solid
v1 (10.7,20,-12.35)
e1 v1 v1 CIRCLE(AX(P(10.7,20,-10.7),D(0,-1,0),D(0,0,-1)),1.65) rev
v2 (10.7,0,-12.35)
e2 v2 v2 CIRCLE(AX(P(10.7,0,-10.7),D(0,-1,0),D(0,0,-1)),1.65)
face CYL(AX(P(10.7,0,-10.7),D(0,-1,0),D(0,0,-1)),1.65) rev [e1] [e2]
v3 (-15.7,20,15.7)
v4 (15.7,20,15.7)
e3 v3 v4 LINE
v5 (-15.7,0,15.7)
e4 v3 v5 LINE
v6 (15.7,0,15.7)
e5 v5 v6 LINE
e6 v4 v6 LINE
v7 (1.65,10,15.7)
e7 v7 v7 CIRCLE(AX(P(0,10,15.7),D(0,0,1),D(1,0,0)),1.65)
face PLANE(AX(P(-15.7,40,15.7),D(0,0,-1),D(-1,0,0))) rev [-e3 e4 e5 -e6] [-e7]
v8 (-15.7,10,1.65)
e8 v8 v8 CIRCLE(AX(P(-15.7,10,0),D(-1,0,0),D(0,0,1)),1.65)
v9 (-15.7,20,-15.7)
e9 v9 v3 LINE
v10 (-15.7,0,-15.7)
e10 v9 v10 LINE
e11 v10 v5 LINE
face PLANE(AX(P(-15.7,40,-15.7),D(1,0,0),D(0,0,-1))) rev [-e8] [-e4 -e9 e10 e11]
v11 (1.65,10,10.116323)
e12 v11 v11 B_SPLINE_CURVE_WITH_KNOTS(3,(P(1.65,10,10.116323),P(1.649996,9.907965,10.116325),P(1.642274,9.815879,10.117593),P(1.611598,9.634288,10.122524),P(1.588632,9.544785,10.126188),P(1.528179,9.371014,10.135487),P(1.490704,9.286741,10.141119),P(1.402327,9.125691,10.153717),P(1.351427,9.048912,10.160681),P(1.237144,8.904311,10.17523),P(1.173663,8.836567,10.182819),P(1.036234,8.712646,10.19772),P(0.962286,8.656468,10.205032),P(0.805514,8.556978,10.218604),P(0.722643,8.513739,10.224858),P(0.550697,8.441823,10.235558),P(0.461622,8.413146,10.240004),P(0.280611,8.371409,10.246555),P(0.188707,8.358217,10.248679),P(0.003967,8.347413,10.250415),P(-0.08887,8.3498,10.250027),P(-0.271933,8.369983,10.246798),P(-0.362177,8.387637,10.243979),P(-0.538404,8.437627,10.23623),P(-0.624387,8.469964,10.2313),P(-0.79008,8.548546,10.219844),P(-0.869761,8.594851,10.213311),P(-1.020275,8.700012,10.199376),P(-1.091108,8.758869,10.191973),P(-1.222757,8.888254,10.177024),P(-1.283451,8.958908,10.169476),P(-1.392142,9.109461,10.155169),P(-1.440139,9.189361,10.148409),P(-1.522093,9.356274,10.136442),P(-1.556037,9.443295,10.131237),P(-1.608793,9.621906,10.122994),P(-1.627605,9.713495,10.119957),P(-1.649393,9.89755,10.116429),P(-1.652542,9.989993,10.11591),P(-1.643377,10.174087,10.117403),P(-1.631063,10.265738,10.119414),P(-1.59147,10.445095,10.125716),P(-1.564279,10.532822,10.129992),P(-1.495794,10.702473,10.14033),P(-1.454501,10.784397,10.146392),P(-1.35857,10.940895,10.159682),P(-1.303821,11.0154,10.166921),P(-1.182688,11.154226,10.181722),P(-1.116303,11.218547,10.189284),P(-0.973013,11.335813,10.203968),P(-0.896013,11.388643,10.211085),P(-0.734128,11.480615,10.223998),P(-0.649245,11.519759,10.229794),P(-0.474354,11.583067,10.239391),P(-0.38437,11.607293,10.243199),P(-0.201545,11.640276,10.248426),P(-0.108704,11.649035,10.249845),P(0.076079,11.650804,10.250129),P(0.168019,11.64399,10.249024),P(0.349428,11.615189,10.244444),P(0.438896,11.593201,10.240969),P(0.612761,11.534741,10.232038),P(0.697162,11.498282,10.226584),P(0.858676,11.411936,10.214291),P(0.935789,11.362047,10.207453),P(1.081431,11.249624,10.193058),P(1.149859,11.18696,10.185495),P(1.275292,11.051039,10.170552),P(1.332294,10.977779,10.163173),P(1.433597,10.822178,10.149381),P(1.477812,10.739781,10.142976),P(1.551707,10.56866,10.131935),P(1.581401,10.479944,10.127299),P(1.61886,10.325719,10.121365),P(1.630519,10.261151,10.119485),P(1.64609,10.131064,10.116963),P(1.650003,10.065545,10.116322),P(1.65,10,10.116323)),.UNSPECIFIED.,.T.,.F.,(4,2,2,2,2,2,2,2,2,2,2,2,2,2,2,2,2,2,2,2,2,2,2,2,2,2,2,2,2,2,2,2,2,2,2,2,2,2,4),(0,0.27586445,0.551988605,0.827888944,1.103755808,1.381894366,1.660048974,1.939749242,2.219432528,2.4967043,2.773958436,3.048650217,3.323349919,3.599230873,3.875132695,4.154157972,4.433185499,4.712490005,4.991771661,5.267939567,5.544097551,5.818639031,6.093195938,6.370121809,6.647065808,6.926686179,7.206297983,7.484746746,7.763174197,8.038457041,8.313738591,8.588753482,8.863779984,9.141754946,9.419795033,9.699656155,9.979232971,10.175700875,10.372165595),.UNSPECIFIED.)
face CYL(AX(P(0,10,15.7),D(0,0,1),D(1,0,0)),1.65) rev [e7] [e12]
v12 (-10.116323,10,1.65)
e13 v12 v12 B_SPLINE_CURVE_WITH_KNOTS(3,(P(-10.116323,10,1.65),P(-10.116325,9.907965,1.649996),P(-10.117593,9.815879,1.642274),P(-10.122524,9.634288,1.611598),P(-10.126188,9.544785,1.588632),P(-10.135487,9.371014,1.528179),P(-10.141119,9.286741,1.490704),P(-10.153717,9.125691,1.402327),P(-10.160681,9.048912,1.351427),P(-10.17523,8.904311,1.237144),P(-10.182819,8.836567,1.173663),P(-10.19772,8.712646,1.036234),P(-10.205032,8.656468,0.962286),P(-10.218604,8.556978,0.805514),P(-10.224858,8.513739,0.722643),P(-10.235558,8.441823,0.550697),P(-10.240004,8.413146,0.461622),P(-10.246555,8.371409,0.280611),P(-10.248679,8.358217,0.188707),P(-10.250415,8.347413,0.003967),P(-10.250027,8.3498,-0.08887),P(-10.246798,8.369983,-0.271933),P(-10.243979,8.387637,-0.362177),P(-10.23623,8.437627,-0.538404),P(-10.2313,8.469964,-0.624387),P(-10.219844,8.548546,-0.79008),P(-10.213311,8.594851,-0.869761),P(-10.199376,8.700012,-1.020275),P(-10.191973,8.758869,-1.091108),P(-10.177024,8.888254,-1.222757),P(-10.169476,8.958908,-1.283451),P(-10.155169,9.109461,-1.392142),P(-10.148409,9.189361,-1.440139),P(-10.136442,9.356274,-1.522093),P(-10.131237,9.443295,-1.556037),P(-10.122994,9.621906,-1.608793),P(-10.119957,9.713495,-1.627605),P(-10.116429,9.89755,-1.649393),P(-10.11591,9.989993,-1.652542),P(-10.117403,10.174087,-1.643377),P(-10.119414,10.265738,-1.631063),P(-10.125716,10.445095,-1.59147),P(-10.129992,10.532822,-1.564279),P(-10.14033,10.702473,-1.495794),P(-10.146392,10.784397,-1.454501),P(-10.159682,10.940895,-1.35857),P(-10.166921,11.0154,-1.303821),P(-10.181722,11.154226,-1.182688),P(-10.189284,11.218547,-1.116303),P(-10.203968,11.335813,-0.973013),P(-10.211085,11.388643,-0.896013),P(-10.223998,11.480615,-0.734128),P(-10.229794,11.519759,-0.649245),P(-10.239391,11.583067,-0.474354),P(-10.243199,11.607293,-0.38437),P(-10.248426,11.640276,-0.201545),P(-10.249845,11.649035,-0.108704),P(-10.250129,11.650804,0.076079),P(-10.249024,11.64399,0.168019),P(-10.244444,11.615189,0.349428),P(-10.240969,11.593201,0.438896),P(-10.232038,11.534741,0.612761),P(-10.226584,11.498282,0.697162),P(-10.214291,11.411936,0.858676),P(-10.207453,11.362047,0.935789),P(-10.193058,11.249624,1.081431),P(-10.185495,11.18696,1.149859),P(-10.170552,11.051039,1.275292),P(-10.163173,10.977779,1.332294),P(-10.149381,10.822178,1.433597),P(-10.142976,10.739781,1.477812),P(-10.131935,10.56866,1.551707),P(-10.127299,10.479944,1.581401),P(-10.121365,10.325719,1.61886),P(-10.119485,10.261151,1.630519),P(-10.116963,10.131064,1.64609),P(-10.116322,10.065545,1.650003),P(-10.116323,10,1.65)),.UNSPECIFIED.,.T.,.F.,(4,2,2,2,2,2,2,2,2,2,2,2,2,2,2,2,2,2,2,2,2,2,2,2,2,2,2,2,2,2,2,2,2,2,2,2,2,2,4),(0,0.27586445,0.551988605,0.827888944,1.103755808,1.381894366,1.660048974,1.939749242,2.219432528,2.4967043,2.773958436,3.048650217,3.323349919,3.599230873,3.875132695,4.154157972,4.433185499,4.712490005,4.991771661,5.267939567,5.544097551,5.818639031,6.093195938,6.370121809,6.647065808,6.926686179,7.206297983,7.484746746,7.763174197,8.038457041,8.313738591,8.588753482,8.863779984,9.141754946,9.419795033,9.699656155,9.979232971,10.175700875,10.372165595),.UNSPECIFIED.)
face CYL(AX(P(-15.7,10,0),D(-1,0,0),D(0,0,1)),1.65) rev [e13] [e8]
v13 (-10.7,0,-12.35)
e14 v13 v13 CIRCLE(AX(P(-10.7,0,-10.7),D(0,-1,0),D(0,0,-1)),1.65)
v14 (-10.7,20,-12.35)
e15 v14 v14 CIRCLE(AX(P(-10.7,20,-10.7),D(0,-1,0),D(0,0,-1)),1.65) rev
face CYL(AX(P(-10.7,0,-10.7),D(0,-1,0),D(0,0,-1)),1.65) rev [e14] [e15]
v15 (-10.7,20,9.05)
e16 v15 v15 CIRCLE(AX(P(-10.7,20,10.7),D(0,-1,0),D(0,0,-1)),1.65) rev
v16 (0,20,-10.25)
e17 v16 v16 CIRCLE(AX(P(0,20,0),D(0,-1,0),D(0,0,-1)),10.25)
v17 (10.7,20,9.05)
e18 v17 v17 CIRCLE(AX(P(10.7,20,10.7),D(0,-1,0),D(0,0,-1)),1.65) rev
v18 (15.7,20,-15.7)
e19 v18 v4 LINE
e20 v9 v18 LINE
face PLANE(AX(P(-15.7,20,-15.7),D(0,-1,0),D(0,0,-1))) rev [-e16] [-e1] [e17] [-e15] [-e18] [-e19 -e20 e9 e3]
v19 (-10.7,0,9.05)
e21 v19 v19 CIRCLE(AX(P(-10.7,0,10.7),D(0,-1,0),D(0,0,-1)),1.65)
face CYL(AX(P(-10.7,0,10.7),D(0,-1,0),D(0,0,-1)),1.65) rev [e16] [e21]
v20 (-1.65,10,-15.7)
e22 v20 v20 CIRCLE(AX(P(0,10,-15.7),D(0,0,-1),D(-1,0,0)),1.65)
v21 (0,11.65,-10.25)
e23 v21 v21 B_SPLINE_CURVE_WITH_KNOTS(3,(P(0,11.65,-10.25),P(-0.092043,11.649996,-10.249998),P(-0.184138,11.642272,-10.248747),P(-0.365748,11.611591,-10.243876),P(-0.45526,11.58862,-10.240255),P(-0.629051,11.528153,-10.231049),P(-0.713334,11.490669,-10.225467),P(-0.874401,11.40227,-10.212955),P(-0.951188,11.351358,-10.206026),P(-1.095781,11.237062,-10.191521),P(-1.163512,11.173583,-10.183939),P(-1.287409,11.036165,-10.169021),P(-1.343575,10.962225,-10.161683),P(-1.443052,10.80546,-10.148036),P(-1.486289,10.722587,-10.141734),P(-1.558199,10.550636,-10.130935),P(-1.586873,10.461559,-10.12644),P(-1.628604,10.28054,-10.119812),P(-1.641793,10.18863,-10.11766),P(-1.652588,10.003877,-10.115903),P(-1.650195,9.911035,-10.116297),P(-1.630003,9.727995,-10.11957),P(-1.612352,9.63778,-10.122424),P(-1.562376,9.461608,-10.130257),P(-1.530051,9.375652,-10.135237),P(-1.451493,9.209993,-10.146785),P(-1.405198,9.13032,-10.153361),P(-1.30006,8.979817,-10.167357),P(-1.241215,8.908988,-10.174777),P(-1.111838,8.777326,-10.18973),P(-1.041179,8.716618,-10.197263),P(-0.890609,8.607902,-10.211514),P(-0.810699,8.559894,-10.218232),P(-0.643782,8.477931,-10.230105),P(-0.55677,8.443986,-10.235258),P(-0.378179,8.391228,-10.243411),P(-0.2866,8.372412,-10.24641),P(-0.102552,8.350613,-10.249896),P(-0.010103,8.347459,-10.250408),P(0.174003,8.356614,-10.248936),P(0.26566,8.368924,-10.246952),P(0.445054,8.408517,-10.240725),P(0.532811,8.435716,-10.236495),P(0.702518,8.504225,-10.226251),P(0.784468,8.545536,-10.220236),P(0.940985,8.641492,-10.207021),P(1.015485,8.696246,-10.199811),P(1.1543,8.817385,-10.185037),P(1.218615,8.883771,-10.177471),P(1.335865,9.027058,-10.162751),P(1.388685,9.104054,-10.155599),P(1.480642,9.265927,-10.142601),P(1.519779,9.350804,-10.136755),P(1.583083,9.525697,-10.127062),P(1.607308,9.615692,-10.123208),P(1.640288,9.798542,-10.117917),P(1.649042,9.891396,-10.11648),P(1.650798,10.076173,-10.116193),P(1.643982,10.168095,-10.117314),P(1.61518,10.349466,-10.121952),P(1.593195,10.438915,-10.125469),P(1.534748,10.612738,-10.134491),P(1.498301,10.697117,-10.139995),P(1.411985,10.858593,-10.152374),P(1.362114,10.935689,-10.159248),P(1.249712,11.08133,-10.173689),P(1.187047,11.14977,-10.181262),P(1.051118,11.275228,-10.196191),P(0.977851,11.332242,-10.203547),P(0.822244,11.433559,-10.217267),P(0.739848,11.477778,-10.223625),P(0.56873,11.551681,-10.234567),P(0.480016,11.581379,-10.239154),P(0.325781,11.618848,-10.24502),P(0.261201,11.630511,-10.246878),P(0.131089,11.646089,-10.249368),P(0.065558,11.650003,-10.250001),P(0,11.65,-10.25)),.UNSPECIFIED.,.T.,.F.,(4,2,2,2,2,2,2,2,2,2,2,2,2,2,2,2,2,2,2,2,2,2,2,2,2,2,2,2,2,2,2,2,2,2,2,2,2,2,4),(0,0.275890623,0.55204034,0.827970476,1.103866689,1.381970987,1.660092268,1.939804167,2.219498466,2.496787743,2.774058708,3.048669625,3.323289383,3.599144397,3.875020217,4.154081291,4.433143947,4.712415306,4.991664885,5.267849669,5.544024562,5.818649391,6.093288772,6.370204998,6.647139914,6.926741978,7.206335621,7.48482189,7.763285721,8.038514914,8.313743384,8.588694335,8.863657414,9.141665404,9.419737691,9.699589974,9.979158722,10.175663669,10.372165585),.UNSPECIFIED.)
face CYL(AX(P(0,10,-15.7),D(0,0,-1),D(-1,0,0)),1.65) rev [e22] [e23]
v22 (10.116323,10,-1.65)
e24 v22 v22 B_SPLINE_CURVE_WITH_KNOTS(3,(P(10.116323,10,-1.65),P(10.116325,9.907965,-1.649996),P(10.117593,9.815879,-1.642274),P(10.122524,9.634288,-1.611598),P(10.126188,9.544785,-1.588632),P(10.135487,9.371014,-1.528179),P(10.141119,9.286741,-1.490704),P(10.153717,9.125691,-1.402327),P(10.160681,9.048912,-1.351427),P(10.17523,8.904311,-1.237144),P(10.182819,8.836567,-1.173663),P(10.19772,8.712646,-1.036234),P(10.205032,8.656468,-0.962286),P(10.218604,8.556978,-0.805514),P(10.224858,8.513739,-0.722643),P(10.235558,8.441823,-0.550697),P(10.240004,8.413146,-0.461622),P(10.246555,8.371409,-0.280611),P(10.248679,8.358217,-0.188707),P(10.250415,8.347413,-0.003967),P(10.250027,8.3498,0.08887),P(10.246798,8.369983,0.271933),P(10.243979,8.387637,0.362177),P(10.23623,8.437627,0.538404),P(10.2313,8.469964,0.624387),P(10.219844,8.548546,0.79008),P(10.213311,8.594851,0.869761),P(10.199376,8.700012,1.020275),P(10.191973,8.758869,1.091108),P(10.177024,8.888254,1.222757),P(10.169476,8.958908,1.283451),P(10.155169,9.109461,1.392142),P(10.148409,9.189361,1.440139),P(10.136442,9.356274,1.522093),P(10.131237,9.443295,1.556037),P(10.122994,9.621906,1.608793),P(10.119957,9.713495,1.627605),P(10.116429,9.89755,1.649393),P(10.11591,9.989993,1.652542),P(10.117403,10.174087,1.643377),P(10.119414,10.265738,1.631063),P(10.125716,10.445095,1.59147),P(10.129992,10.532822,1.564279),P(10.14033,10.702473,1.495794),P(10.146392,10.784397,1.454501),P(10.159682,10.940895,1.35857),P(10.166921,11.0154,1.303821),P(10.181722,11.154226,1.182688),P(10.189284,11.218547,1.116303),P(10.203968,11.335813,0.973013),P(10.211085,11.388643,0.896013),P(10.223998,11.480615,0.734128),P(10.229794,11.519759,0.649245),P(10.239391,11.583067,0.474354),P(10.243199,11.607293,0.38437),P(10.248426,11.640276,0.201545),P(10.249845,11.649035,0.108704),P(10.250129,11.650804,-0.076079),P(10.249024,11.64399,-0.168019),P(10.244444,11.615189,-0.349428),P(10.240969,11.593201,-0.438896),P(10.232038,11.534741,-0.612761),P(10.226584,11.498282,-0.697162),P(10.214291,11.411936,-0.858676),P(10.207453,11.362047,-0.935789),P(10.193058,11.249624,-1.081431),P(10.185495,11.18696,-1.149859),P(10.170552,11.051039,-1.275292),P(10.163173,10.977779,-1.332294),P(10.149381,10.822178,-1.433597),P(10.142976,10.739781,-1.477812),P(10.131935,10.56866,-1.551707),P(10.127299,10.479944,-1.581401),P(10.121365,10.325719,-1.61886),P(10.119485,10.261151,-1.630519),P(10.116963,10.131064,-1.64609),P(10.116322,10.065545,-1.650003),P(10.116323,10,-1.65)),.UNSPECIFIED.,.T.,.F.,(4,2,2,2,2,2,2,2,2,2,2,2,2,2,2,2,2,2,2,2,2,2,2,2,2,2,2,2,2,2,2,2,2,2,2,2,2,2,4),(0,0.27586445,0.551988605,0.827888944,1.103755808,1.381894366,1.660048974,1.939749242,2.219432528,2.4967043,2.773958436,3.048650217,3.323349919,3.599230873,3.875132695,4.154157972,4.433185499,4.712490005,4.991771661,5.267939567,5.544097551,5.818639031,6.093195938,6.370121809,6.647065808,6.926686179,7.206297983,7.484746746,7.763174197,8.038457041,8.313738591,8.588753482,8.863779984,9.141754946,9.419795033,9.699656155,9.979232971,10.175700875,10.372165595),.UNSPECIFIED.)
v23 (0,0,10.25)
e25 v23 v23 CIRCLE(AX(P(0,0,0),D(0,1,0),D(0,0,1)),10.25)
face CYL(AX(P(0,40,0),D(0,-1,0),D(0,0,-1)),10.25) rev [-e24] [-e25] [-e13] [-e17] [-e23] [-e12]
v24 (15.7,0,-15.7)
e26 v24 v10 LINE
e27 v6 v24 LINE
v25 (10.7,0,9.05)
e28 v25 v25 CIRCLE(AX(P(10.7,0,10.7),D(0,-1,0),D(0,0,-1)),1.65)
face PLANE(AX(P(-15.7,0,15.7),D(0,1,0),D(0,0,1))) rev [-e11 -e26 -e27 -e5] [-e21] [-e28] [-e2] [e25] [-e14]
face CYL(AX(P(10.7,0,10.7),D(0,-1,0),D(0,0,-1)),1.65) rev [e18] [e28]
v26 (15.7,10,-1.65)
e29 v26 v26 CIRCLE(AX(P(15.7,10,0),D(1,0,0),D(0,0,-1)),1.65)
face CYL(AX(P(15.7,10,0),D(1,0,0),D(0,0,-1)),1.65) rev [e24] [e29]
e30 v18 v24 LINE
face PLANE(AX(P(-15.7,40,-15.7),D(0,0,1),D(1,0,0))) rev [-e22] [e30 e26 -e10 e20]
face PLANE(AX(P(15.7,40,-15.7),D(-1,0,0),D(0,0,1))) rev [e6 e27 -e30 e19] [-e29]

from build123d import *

# Parameters (mm, degrees)
SKETCH1_W                       = 31.4
SKETCH1_H                       = 31.4
SKETCH1_R                       = 10.25
BOSS_EXTRUDE1_DEPTH             = 40
SKETCH2_R                       = 1.5
CUT_EXTRUDE1_DEPTH              = 40
M4_TAPPED_HOLE1_D               = 3.3
M4_TAPPED_HOLE1_DEPTH           = 10.1
M4_TAPPED_HOLE1_TIP             = 0.991420021
M4_TAPPED_HOLE1_ON_FACE_2_D     = 3.3
M4_TAPPED_HOLE1_ON_FACE_2_DEPTH = 10.1
M4_TAPPED_HOLE1_ON_FACE_2_TIP   = 0.991420021
SKETCH5_R                       = 1.5
CUT_EXTRUDE2_DEPTH              = 40
M4_TAPPED_HOLE2_D               = 3.3
M4_TAPPED_HOLE2_DEPTH           = 10.1
M4_TAPPED_HOLE2_TIP             = 0.991420021
M4_TAPPED_HOLE2_ON_FACE_2_D     = 3.3
M4_TAPPED_HOLE2_ON_FACE_2_DEPTH = 10.1
M4_TAPPED_HOLE2_ON_FACE_2_TIP   = 0.991420021
SKETCH8_R                       = 1.5
CUT_EXTRUDE3_DEPTH              = 30
M4_TAPPED_HOLE3_D               = 3.3
M4_TAPPED_HOLE3_DEPTH           = 52.1
M4_TAPPED_HOLE3_TIP             = 0.991420021
SKETCH10_W                      = 31.4
SKETCH10_H                      = 20
CUT_EXTRUDE4_DEPTH              = 54.220766787


with BuildPart() as part:
    # Sketch1 → Boss-Extrude1 (new body)
    with BuildSketch(Plane(origin=(0, 0, 0), x_dir=(1, 0, 0), z_dir=(0, 1, 0))):
        Rectangle(SKETCH1_W, SKETCH1_H)
        with Locations(Location((0, 0, 0), (0, 0, 270))):
            Circle(SKETCH1_R, mode=Mode.SUBTRACT)
    extrude(amount=BOSS_EXTRUDE1_DEPTH)

    # Sketch2 → Cut-Extrude1 (cut)
    with BuildSketch(Plane(origin=(15.7, 0, 0), x_dir=(0, 0, -1), z_dir=(1, 0, 0))):
        with Locations((0, 30)):
            Circle(SKETCH2_R)
        with Locations((0, 10)):
            Circle(SKETCH2_R)
    extrude(amount=-CUT_EXTRUDE1_DEPTH, mode=Mode.SUBTRACT)

    # M4 Tapped Hole1
    with Locations(Plane(origin=(-15.7, 10, 0), x_dir=(0, 0, -1), z_dir=(-1, 0, 0))):
        with Locations((0, 0), (0, -20)):
            Hole(M4_TAPPED_HOLE1_D / 2, depth=M4_TAPPED_HOLE1_DEPTH)
            with Locations((0, 0, -(M4_TAPPED_HOLE1_DEPTH + M4_TAPPED_HOLE1_TIP / 2))):  # 118° drill point
                Cone(0, M4_TAPPED_HOLE1_D / 2, M4_TAPPED_HOLE1_TIP, mode=Mode.SUBTRACT)

    # M4 Tapped Hole1 on face 2
    with Locations(Plane(origin=(15.7, 30, 0), x_dir=(0, 0, -1), z_dir=(-1, 0, 0))):
        with Locations((0, 0), (0, 20)):
            Hole(M4_TAPPED_HOLE1_ON_FACE_2_D / 2, depth=M4_TAPPED_HOLE1_ON_FACE_2_DEPTH)
            with Locations((0, 0, -(M4_TAPPED_HOLE1_ON_FACE_2_DEPTH + M4_TAPPED_HOLE1_ON_FACE_2_TIP / 2))):  # 118° drill point
                Cone(0, M4_TAPPED_HOLE1_ON_FACE_2_D / 2, M4_TAPPED_HOLE1_ON_FACE_2_TIP, mode=Mode.SUBTRACT)

    # Sketch5 → Cut-Extrude2 (cut)
    with BuildSketch(Plane.XY.offset(15.7)):
        with Locations((0, 30)):
            Circle(SKETCH5_R)
        with Locations((0, 10)):
            Circle(SKETCH5_R)
    extrude(amount=-CUT_EXTRUDE2_DEPTH, mode=Mode.SUBTRACT)

    # M4 Tapped Hole2
    with Locations(Plane(origin=(0, 30, 15.7), x_dir=(1, 0, 0), z_dir=(0, 0, 1))):
        with Locations((0, 0), (0, -20)):
            Hole(M4_TAPPED_HOLE2_D / 2, depth=M4_TAPPED_HOLE2_DEPTH)
            with Locations((0, 0, -(M4_TAPPED_HOLE2_DEPTH + M4_TAPPED_HOLE2_TIP / 2))):  # 118° drill point
                Cone(0, M4_TAPPED_HOLE2_D / 2, M4_TAPPED_HOLE2_TIP, mode=Mode.SUBTRACT)

    # M4 Tapped Hole2 on face 2
    with Locations(Plane(origin=(0, 30, -15.7), x_dir=(1, 0, 0), z_dir=(0, 0, 1))):
        with Locations((0, 0), (0, -20)):
            Hole(M4_TAPPED_HOLE2_ON_FACE_2_D / 2, depth=M4_TAPPED_HOLE2_ON_FACE_2_DEPTH)
            with Locations((0, 0, -(M4_TAPPED_HOLE2_ON_FACE_2_DEPTH + M4_TAPPED_HOLE2_ON_FACE_2_TIP / 2))):  # 118° drill point
                Cone(0, M4_TAPPED_HOLE2_ON_FACE_2_D / 2, M4_TAPPED_HOLE2_ON_FACE_2_TIP, mode=Mode.SUBTRACT)

    # Sketch8 → Cut-Extrude3 (cut)
    with BuildSketch(Plane.XZ):
        with Locations(Location((-10.7, 10.7, 0), (0, 0, 270))):
            Circle(SKETCH8_R)
        with Locations(Location((10.7, 10.7, 0), (0, 0, 90))):
            Circle(SKETCH8_R)
        with Locations(Location((10.7, -10.7, 0), (0, 0, 270))):
            Circle(SKETCH8_R)
        with Locations(Location((-10.7, -10.7, 0), (0, 0, 90))):
            Circle(SKETCH8_R)
    extrude(amount=-CUT_EXTRUDE3_DEPTH, mode=Mode.SUBTRACT)

    # M4 Tapped Hole3
    with Locations(Plane(origin=(-10.7, 0, 10.7), x_dir=(0, 0, -1), z_dir=(0, -1, 0))):
        with Locations((0, 0), (0, 21.4), (21.4, 21.4), (21.4, 0)):
            Hole(M4_TAPPED_HOLE3_D / 2, depth=M4_TAPPED_HOLE3_DEPTH)
            with Locations((0, 0, -(M4_TAPPED_HOLE3_DEPTH + M4_TAPPED_HOLE3_TIP / 2))):  # 118° drill point
                Cone(0, M4_TAPPED_HOLE3_D / 2, M4_TAPPED_HOLE3_TIP, mode=Mode.SUBTRACT)

    # Sketch10 → Cut-Extrude4 (cut, through all)
    with BuildSketch(Plane.XY.offset(15.7)):
        with Locations((0, 30)):
            Rectangle(SKETCH10_W, SKETCH10_H)
    extrude(amount=-CUT_EXTRUDE4_DEPTH, mode=Mode.SUBTRACT)


solid = part.part
